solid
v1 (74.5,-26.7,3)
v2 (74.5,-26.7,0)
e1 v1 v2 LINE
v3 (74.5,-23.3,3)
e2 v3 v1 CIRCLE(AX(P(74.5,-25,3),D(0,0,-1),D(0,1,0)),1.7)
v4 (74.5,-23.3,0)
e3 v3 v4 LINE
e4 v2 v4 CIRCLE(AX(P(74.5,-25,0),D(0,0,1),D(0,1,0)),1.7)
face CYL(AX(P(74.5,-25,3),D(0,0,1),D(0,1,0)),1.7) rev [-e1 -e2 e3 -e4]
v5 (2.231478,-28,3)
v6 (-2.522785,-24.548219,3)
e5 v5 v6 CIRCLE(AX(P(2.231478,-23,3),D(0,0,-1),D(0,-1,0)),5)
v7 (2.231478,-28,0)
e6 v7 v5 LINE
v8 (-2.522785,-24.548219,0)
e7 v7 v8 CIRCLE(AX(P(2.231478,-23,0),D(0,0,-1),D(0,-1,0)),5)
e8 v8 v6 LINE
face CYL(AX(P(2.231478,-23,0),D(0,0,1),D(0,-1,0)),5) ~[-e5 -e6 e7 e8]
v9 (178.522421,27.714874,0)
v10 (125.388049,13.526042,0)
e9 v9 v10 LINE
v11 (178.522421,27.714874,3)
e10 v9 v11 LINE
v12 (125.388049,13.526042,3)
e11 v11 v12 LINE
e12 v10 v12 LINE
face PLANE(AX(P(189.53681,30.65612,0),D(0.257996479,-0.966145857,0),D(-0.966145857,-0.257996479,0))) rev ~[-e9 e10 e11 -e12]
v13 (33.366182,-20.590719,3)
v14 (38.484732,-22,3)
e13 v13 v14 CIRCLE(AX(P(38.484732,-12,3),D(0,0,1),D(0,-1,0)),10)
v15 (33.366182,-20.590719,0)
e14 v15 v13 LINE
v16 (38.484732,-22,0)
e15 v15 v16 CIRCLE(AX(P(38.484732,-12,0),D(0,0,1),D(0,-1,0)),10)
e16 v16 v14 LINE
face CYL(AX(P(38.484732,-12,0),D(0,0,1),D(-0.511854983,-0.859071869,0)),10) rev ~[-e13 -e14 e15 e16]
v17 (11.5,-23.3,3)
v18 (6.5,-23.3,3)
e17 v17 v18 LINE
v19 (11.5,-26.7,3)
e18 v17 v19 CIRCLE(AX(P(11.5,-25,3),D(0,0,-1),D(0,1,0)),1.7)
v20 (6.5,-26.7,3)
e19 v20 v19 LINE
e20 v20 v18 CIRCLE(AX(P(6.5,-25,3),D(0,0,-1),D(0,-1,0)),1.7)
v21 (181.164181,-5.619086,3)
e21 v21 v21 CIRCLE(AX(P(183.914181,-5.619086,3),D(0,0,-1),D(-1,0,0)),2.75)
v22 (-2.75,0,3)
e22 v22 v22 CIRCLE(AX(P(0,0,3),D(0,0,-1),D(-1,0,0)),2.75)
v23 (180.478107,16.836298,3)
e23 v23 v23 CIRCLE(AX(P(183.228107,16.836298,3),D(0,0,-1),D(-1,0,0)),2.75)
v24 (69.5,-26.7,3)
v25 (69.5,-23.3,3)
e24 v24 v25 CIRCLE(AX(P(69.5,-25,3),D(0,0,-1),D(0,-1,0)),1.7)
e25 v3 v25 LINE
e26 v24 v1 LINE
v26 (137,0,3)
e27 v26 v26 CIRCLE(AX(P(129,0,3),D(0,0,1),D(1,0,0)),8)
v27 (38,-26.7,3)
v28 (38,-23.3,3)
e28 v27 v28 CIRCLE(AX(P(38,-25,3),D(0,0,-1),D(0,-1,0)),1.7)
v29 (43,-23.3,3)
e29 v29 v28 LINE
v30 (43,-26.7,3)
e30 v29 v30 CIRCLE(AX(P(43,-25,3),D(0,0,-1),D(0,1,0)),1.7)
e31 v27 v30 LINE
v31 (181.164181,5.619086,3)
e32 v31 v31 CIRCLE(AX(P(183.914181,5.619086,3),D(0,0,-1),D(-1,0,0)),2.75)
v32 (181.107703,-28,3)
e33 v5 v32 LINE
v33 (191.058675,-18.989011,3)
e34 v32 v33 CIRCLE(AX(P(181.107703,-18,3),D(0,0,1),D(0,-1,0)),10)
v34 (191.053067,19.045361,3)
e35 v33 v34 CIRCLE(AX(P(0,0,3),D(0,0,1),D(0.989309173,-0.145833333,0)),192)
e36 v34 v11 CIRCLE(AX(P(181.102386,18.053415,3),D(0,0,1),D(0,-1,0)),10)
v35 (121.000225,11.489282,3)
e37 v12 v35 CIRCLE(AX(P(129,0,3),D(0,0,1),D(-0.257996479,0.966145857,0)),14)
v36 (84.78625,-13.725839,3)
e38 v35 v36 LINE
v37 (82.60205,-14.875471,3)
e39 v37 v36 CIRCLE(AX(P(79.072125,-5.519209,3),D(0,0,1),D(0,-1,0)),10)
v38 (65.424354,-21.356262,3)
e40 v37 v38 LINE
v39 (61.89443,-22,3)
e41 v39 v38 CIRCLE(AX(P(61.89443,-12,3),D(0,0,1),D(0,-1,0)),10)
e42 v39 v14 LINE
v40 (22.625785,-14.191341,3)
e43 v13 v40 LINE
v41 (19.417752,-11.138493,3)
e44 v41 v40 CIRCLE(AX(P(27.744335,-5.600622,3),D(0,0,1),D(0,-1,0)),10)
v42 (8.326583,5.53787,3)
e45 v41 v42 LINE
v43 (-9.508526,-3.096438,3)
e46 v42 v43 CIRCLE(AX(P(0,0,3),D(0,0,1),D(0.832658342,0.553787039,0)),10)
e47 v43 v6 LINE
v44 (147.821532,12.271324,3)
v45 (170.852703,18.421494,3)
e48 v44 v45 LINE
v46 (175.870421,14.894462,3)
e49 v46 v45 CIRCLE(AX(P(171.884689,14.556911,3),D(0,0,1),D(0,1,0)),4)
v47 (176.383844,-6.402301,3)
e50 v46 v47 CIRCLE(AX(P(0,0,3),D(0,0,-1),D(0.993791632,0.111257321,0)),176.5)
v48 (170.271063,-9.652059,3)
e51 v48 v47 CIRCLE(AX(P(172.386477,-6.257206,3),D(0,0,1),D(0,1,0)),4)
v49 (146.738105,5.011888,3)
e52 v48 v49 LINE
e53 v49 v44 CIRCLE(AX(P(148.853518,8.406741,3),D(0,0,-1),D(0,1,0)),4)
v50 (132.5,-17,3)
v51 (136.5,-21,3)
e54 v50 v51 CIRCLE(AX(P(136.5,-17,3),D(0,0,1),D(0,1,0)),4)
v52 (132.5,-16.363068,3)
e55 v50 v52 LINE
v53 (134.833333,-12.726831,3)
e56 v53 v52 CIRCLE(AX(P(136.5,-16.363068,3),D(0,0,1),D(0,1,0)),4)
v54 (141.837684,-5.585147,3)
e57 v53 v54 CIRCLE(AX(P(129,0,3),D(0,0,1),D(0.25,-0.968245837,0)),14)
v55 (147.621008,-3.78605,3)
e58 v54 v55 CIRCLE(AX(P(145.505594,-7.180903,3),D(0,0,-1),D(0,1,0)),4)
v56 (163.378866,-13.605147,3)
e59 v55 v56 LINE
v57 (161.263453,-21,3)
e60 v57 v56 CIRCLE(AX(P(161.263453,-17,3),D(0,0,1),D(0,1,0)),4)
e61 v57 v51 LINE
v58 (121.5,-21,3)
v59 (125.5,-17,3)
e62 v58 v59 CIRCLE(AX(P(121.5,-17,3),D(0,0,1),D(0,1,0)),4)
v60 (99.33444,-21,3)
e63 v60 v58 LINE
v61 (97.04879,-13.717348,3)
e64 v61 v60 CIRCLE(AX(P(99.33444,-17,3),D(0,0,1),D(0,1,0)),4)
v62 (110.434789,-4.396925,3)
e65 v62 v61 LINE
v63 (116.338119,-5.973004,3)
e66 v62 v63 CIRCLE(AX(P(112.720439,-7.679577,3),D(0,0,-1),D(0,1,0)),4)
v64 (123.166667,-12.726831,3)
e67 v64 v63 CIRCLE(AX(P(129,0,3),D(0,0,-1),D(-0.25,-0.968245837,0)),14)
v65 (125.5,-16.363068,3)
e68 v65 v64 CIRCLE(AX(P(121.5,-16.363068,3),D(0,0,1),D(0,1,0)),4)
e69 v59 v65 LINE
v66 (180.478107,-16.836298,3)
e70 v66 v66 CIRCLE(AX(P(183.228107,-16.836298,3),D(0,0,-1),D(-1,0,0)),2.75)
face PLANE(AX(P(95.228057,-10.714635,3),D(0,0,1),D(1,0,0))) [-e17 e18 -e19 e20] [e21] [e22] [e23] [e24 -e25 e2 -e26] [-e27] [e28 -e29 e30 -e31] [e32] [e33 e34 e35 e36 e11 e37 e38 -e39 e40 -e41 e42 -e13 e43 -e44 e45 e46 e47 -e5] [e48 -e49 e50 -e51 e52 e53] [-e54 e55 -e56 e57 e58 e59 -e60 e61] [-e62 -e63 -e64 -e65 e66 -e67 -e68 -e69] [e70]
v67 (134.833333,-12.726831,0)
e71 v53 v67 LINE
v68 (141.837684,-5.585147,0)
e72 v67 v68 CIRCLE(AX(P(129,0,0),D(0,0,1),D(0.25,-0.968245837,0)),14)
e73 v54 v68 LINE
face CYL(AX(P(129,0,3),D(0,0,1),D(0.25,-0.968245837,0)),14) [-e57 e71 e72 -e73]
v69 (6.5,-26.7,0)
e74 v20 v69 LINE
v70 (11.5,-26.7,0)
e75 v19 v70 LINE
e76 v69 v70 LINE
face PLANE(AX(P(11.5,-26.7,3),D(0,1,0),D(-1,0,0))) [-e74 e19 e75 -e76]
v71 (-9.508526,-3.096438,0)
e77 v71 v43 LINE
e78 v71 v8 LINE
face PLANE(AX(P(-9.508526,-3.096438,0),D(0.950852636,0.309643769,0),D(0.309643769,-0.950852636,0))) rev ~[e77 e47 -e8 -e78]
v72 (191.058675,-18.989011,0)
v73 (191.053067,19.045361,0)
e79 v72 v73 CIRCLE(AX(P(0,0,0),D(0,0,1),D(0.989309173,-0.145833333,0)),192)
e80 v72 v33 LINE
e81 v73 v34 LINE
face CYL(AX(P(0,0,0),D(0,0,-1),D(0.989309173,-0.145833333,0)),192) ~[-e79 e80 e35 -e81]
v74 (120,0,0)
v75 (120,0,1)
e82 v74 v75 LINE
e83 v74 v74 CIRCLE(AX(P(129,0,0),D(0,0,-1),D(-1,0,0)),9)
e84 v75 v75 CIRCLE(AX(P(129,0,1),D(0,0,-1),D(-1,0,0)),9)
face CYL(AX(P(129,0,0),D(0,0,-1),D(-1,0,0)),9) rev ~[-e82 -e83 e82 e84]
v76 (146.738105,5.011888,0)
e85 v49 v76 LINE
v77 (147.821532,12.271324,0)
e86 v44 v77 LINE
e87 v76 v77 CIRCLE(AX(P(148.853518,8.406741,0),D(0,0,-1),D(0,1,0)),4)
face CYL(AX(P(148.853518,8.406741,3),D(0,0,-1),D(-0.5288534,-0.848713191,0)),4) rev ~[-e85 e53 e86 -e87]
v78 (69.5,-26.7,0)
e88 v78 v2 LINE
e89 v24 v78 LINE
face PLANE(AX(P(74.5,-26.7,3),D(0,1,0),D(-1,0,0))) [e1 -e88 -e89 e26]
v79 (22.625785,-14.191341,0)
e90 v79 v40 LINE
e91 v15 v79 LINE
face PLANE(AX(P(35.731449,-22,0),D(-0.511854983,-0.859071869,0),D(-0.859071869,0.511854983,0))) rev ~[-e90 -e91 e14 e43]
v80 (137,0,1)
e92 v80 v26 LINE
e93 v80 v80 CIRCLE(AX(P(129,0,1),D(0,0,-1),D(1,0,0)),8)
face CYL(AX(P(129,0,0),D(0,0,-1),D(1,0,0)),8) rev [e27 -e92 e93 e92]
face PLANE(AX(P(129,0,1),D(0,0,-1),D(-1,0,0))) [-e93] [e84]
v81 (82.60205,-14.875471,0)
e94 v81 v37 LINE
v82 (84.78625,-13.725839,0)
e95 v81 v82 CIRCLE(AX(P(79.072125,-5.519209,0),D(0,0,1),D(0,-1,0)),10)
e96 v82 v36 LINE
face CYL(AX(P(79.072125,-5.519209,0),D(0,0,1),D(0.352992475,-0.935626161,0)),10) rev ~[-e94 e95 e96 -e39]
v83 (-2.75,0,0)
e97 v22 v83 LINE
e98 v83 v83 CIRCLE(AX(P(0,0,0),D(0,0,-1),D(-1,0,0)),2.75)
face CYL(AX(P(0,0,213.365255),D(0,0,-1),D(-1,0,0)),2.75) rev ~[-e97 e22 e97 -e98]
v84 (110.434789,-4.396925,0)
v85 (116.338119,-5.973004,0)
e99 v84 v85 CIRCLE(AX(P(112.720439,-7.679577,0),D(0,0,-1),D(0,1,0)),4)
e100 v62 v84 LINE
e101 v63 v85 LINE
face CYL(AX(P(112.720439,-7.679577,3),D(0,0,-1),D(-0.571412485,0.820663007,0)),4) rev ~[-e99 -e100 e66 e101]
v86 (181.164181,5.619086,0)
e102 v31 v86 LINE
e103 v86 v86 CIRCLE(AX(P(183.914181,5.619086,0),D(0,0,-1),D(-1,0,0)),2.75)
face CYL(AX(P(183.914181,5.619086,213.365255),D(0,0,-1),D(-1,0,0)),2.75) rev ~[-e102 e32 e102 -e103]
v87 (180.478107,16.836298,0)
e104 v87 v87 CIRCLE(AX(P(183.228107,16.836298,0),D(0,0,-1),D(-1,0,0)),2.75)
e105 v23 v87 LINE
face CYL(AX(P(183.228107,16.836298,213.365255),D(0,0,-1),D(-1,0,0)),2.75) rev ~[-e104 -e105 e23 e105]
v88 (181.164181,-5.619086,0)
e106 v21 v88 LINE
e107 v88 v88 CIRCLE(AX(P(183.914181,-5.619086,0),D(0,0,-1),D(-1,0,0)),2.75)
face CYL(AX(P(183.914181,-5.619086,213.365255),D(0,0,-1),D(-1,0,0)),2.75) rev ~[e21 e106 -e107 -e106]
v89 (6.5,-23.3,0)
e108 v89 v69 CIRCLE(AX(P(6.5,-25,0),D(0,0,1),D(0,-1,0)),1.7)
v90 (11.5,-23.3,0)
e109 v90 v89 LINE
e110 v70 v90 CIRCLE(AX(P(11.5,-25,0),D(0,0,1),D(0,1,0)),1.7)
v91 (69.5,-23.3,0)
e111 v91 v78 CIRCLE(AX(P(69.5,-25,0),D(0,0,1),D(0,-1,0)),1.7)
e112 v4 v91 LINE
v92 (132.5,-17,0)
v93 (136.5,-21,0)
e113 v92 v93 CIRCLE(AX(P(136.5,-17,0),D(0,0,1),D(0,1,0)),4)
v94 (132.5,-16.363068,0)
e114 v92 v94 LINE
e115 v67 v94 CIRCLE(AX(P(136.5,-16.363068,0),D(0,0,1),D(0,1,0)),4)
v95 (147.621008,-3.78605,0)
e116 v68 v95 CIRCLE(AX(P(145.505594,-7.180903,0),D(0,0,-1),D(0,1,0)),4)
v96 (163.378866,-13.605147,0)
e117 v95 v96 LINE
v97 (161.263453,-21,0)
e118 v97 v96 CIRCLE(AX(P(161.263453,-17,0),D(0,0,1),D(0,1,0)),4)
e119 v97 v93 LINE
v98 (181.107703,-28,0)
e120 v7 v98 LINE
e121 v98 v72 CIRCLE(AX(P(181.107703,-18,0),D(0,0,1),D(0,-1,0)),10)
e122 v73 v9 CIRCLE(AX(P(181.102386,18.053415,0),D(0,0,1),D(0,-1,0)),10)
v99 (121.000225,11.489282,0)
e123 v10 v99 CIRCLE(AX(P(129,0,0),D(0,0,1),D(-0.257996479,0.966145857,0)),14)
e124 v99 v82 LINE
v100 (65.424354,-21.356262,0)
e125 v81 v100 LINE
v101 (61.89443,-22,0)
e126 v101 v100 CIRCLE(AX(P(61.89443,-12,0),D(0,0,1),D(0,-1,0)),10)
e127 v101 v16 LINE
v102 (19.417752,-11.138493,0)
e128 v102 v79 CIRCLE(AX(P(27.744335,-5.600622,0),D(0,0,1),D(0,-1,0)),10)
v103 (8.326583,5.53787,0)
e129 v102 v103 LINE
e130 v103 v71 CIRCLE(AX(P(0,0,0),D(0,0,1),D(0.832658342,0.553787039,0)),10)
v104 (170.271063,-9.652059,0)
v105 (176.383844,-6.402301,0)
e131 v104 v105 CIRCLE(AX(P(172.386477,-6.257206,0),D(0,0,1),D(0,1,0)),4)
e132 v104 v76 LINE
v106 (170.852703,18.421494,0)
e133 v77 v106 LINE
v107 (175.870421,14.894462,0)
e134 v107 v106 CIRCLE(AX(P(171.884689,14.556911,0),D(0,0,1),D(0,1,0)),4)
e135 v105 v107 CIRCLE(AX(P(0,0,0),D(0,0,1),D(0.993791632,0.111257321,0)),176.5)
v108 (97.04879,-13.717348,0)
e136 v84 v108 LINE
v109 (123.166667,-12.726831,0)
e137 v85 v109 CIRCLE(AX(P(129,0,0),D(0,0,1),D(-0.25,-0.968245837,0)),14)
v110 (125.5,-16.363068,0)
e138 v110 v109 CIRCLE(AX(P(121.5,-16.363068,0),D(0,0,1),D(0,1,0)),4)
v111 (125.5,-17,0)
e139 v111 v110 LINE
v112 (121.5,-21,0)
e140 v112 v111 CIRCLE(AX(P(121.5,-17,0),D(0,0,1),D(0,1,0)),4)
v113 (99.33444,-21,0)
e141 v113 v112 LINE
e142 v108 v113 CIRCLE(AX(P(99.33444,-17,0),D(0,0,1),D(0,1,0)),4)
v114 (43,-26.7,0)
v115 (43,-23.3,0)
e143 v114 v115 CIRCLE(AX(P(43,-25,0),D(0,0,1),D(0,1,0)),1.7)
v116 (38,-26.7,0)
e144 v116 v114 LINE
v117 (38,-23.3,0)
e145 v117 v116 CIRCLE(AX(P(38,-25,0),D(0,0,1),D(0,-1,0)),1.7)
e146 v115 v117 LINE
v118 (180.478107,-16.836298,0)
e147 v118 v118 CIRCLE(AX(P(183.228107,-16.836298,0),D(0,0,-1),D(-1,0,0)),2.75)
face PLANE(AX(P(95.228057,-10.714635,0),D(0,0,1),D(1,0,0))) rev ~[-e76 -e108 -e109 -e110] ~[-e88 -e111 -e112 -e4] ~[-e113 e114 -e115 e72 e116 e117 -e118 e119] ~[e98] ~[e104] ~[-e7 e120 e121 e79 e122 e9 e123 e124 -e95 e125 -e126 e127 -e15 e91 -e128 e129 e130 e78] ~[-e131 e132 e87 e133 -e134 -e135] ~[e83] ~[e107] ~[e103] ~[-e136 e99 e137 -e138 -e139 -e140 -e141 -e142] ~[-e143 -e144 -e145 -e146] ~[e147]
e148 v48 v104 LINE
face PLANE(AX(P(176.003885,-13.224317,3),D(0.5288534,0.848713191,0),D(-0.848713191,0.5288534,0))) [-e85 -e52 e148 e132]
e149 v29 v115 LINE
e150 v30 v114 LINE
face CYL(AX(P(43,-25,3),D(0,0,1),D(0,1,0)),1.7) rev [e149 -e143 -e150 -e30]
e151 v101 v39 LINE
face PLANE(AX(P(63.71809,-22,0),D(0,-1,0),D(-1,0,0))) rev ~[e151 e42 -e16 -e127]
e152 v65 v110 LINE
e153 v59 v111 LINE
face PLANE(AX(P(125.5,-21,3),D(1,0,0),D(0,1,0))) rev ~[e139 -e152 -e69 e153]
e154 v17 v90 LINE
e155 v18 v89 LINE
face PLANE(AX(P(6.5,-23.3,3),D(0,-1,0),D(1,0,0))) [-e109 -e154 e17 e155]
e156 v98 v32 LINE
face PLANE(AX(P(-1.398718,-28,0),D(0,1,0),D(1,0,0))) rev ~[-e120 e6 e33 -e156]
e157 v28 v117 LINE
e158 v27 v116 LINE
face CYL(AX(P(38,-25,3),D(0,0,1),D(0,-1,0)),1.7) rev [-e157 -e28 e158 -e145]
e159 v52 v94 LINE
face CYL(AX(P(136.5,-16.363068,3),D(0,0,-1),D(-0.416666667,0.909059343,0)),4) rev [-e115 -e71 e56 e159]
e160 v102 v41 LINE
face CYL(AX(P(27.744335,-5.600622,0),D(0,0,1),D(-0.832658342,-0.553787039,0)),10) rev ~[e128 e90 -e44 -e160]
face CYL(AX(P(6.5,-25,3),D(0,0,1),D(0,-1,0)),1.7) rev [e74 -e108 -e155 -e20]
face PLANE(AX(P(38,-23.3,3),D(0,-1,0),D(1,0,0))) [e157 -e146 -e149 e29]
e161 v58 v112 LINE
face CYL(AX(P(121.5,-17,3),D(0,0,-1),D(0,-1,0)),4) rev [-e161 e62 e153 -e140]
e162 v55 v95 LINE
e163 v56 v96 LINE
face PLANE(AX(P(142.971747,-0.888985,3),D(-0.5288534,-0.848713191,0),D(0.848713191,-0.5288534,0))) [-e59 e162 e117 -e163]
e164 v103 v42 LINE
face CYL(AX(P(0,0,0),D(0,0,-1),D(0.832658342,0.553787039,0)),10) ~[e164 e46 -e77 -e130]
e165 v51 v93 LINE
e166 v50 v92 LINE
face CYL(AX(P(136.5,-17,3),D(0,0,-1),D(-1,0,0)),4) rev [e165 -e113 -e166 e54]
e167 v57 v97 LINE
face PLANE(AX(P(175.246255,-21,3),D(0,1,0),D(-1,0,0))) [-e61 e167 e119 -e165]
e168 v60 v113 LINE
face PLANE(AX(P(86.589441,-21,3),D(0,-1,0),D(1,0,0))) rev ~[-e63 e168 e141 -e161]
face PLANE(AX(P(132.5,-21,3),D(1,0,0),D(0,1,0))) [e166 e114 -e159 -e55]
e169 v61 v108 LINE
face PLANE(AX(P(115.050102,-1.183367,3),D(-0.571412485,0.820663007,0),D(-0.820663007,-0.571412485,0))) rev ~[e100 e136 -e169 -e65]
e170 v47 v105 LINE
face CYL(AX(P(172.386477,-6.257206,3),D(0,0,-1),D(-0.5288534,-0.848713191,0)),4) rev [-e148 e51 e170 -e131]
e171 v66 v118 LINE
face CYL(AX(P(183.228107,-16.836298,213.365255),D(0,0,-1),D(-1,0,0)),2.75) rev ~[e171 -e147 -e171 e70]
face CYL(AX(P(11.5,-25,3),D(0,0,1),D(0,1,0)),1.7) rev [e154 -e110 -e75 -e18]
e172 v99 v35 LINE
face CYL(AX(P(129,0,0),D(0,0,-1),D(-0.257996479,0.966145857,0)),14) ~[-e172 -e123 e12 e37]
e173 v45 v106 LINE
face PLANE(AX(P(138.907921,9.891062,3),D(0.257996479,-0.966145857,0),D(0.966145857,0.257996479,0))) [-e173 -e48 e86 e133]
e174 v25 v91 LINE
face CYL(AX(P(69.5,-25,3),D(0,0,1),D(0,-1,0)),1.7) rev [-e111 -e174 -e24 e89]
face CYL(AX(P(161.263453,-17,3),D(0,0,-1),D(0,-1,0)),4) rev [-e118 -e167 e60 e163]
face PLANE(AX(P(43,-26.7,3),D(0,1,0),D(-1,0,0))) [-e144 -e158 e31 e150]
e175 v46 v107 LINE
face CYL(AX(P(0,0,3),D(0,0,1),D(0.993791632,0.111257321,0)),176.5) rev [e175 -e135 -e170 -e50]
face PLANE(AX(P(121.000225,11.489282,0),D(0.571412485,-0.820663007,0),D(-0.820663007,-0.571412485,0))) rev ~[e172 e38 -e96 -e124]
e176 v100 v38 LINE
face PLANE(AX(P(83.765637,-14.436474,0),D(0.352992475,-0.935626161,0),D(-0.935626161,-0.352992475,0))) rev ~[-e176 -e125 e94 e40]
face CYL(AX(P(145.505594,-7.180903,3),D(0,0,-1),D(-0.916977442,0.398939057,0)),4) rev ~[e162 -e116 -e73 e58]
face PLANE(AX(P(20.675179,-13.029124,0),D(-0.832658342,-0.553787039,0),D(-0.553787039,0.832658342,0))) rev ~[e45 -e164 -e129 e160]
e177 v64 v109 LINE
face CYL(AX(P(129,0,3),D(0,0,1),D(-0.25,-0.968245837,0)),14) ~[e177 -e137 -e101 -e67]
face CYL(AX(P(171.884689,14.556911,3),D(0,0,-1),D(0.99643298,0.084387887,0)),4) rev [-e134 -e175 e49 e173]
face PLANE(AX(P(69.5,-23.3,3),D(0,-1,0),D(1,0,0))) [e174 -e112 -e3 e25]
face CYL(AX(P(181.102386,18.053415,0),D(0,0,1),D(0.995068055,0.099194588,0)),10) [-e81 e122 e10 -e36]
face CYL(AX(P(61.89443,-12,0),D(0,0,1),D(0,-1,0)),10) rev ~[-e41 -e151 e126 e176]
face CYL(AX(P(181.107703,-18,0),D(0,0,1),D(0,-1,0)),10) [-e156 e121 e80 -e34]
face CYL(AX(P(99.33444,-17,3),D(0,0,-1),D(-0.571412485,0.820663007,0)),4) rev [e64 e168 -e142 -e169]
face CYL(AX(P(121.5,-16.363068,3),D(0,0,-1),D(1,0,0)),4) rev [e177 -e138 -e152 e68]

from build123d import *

# Parameters (mm, degrees)
SKETCH_1_R          = 8
EXTRUDE_1_DEPTH     = 3
HOLE_WIZARD_M31_D   = 3.4
HOLE_WIZARD_M51_D   = 5.5
HOLE_WIZARD_M52_D   = 5.5
FILLET_1_R          = 10
FILLET_2_R          = 5
CUT_EXTRUDE_1_DEPTH = 195.061830596
FILLET_3_R          = 4
SKETCH_9_R          = 9
CUT_EXTRUDE_2_DEPTH = 1
CUT_EXTRUDE_3_DEPTH = 195.061830596


with BuildPart() as part:
    # Эскиз1 → Бобышка-Вытянуть1 (new body)
    with BuildSketch(Plane.XY):
        with BuildLine():
            Line((-9.508526364, -3.096437692), (-1.398717752, -28))
            Line((-1.398717752, -28), (189.947361129, -28))
            ThreePointArc((189.947361129, -28), (191.995297124, 1.34383112), (189.536809823, 30.656120467))
            Line((189.536809823, 30.656120467), (125.388049295, 13.526041997))
            ThreePointArc((125.388049295, 13.526041997), (123.105499175, 12.698616461), (121.000225207, 11.489282104))
            Line((121.000225207, 11.489282104), (83.76563687, -14.436473614))
            Line((83.76563687, -14.436473614), (63.718090084, -22))
            Line((63.718090084, -22), (35.731449132, -22))
            Line((35.731449132, -22), (20.675178874, -13.02912429))
            Line((20.675178874, -13.02912429), (8.326583423, 5.537870395))
            ThreePointArc((8.326583423, 5.537870395), (-4.357415095, 9.00071851), (-9.508526364, -3.096437692))
        make_face()
        with Locations((129, 0)):
            Circle(SKETCH_1_R, mode=Mode.SUBTRACT)
    extrude(amount=EXTRUDE_1_DEPTH)

    # Отверстие с зазором M31 (through all)
    with Locations(Plane.XY.offset(3)):
        with Locations((9, -25), (40.5, -25), (72, -25)):
            Hole(HOLE_WIZARD_M31_D / 2)

    # Отверстие с зазором M51 (through all)
    with Locations(Plane.XY.offset(3)):
        with Locations((0, 0)):
            Hole(HOLE_WIZARD_M51_D / 2)

    # Отверстие с зазором M52 (through all)
    with Locations(Plane.XY.offset(3)):
        with Locations((183.228106674, 16.836297834), (183.914180714, 5.619086431), (183.914180714, -5.619086431), (183.228106674, -16.836297834)):
            Hole(HOLE_WIZARD_M52_D / 2)

    # Скругление1
    fillet_1_edges = [part.edges().sort_by_distance(p)[0] for p in [
        (35.731449132, -22, 1.5),
        (63.718090084, -22, 1.5),
        (83.76563687, -14.436473614, 1.5),
        (189.536809823, 30.656120467, 1.5),
        (189.947361129, -28, 1.5),
        (20.675178874, -13.02912429, 1.5),
    ]]
    fillet(fillet_1_edges, radius=FILLET_1_R)

    # Скругление2
    fillet_2_edges = [part.edges().sort_by_distance(p)[0] for p in [
        (-1.398717752, -28, 1.5),
    ]]
    fillet(fillet_2_edges, radius=FILLET_2_R)

    # Эскиз8 → Вырез-Вытянуть1 (cut, through all)
    with BuildSketch(Plane.XY.offset(3)):
        with BuildLine():
            Line((138.90792063, 9.891062066), (175.404223108, 19.636917172))
            ThreePointArc((175.404223108, 19.636917172), (176.470620047, 3.220288824), (176.003884761, -13.22431658))
            Line((176.003884761, -13.22431658), (138.90792063, 9.891062066))
        make_face()
        with BuildLine():
            Line((142.971746687, -0.888985098), (175.246255309, -21))
            Line((175.246255309, -21), (132.5, -21))
            Line((132.5, -21), (132.5, -13.555441712))
            ThreePointArc((132.5, -13.555441712), (139.790053932, -8.92046726), (142.971746687, -0.888985098))
        make_face()
        with BuildLine():
            Line((115.05010243, -1.183367143), (86.589440581, -21))
            Line((86.589440581, -21), (125.5, -21))
            Line((125.5, -21), (125.5, -13.555441712))
            ThreePointArc((125.5, -13.555441712), (118.304590303, -9.033726331), (115.05010243, -1.183367143))
        make_face()
    extrude(amount=-CUT_EXTRUDE_1_DEPTH, mode=Mode.SUBTRACT)

    # Скругление3
    fillet_3_edges = [part.edges().sort_by_distance(p)[0] for p in [
        (175.404223108, 19.636917172, 1.5),
        (176.003884761, -13.22431658, 1.5),
        (138.90792063, 9.891062066, 1.5),
        (115.05010243, -1.183367143, 1.5),
        (125.5, -13.555441712, 1.5),
        (125.5, -21, 1.5),
        (86.589440581, -21, 1.5),
        (175.246255309, -21, 1.5),
        (132.5, -21, 1.5),
        (132.5, -13.555441712, 1.5),
        (142.971746687, -0.888985098, 1.5),
    ]]
    fillet(fillet_3_edges, radius=FILLET_3_R)

    # Эскиз9 → Вырез-Вытянуть2 (cut)
    with BuildSketch(Plane(origin=(0, 0, 0), x_dir=(-1, 0, 0), z_dir=(0, 0, -1))):
        with Locations((-129, 0)):
            Circle(SKETCH_9_R)
    extrude(amount=-CUT_EXTRUDE_2_DEPTH, mode=Mode.SUBTRACT)

    # Эскиз10 → Вырез-Вытянуть3 (cut, through all)
    with BuildSketch(Plane.XY.offset(3)):
        with BuildLine():
            Line((6.5, -23.3), (11.5, -23.3))
            ThreePointArc((11.5, -23.3), (13.2, -25), (11.5, -26.7))
            Line((11.5, -26.7), (6.5, -26.7))
            ThreePointArc((6.5, -26.7), (4.8, -25), (6.5, -23.3))
        make_face()
        with BuildLine():
            Line((38, -23.3), (43, -23.3))
            ThreePointArc((43, -23.3), (44.7, -25), (43, -26.7))
            Line((43, -26.7), (38, -26.7))
            ThreePointArc((38, -26.7), (36.3, -25), (38, -23.3))
        make_face()
        with BuildLine():
            Line((69.5, -23.3), (74.5, -23.3))
            ThreePointArc((74.5, -23.3), (76.2, -25), (74.5, -26.7))
            Line((74.5, -26.7), (69.5, -26.7))
            ThreePointArc((69.5, -26.7), (67.8, -25), (69.5, -23.3))
        make_face()
    extrude(amount=-CUT_EXTRUDE_3_DEPTH, mode=Mode.SUBTRACT)


solid = part.part
